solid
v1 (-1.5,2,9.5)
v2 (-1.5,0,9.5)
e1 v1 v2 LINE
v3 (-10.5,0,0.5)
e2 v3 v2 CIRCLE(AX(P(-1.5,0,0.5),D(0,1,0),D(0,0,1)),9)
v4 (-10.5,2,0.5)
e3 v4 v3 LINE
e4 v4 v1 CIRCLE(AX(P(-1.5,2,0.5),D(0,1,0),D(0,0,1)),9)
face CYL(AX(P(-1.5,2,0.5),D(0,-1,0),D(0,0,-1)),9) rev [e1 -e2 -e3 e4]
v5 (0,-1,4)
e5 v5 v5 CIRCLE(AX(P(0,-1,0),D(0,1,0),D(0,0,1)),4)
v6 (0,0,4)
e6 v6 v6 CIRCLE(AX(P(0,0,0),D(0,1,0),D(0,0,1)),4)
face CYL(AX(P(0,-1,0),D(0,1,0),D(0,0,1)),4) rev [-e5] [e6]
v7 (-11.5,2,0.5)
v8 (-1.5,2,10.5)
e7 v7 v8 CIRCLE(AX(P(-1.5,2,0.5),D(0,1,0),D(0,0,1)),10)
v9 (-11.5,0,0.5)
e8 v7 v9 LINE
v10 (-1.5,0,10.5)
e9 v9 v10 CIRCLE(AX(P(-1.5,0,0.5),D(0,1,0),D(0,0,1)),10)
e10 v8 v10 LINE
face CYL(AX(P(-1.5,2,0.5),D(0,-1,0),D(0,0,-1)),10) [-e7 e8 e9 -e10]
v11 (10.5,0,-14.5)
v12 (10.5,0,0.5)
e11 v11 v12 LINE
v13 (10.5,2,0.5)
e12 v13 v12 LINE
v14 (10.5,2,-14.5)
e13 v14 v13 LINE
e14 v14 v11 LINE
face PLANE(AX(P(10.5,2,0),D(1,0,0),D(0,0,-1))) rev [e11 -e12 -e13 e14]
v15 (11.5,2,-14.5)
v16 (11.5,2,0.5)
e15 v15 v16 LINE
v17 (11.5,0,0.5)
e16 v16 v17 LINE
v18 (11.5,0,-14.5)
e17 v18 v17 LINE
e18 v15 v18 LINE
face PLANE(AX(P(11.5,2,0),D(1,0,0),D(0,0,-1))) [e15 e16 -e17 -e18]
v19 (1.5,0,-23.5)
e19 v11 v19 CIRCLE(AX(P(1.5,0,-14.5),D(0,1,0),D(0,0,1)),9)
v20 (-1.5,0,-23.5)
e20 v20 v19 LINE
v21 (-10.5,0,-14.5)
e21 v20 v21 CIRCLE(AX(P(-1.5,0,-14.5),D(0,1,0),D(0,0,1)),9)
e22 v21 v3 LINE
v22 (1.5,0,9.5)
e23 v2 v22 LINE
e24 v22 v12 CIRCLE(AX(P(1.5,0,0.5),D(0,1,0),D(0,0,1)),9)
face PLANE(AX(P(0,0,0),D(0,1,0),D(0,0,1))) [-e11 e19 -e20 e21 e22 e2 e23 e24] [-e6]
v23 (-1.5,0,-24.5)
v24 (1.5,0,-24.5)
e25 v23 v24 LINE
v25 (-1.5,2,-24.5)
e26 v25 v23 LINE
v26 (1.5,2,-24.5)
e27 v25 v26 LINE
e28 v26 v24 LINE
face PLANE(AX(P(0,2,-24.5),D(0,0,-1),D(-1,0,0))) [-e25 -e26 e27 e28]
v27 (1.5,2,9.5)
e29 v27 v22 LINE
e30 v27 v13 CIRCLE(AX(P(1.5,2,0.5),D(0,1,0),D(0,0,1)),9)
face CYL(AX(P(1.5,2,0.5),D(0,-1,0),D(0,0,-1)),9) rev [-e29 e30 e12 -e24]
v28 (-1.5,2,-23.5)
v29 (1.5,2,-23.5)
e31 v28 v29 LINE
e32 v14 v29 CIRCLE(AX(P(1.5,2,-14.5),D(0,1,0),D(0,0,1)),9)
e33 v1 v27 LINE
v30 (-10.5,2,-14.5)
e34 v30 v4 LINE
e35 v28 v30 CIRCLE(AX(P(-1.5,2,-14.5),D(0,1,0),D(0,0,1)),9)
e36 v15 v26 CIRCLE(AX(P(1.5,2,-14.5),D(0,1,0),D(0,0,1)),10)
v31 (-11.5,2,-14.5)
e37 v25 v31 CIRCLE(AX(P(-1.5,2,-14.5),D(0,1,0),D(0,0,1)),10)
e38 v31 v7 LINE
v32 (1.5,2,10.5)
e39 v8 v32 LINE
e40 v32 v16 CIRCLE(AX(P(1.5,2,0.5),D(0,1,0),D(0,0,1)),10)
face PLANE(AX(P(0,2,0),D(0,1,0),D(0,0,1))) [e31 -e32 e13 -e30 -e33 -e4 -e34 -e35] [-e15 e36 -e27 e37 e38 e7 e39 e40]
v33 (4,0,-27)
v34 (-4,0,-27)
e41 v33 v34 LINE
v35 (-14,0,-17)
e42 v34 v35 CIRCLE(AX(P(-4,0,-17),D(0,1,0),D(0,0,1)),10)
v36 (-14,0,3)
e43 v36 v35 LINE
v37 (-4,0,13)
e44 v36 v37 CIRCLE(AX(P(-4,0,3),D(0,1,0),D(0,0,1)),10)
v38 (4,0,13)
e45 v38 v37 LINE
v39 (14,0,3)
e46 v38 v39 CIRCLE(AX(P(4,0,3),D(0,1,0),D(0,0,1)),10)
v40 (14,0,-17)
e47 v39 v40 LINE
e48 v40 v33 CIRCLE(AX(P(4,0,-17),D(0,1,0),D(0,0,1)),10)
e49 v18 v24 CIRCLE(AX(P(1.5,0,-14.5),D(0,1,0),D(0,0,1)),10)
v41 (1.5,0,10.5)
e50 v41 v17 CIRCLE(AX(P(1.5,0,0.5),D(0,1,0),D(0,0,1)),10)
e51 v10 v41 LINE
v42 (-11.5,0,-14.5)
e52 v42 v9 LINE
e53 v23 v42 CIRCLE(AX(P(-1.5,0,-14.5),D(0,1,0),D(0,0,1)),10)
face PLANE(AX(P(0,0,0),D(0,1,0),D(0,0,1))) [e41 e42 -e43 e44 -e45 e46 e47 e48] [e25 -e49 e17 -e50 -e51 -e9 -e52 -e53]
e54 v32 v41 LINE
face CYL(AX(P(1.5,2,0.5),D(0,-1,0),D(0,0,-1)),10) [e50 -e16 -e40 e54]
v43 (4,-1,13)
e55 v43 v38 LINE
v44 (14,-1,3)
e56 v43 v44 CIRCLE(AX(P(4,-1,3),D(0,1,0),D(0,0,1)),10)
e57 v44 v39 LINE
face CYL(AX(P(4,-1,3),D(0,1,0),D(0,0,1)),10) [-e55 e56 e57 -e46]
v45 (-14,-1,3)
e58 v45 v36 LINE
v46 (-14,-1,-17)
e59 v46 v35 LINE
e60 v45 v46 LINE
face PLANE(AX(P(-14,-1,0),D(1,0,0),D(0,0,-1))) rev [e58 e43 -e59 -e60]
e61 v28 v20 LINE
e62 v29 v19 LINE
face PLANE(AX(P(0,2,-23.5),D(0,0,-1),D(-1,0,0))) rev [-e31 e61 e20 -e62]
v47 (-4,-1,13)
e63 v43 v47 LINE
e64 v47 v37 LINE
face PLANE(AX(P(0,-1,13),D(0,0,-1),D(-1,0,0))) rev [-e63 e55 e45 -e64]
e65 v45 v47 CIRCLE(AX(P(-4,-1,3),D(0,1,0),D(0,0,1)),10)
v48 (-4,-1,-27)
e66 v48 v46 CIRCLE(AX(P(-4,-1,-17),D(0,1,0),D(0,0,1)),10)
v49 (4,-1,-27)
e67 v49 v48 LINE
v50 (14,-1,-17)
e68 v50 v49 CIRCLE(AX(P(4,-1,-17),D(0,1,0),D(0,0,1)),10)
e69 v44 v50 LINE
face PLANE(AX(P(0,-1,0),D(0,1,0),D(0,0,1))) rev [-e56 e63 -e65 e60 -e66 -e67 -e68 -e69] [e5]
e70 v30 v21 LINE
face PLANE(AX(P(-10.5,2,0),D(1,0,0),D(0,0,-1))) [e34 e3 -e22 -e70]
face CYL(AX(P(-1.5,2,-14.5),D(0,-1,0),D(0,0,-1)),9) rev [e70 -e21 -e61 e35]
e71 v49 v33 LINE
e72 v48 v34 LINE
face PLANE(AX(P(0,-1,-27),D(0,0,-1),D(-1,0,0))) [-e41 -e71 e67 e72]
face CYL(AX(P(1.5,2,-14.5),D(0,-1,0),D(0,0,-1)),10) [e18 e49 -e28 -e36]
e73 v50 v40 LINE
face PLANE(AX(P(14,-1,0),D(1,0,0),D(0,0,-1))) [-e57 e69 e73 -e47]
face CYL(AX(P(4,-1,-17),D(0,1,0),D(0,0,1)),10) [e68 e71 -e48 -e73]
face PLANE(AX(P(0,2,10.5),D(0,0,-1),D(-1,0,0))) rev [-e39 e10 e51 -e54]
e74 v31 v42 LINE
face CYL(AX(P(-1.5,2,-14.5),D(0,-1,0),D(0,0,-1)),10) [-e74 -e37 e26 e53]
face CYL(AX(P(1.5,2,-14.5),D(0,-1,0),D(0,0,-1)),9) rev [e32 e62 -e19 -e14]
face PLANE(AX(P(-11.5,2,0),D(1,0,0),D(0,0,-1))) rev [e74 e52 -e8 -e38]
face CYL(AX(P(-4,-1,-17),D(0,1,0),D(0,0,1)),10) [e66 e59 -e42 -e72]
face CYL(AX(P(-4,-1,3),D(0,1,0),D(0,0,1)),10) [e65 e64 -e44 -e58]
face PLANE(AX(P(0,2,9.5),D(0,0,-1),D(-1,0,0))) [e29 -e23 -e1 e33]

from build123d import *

# Parameters (mm, degrees)
BOSS_EXTRUDE1_DEPTH     = 2
BOSS_EXTRUDE3_DEPTH     = 1
SKETCH2_R               = 4
CUT_EXTRUDE1_DEPTH      = 3
CUT_EXTRUDE1_DEPTH_BACK = 2


with BuildPart() as part:
    # Sketch1 → Boss-Extrude1 (new body)
    with BuildSketch(Plane(origin=(0, 0, 0), x_dir=(1, 0, 0), z_dir=(0, 1, 0))):
        with BuildLine():
            Line((-11.5, 14.5), (-11.5, -0.5))
            ThreePointArc((-11.5, -0.5), (-8.571067812, -7.571067812), (-1.5, -10.5))
            Line((-1.5, -10.5), (1.5, -10.5))
            ThreePointArc((1.5, -10.5), (8.571067812, -7.571067812), (11.5, -0.5))
            Line((11.5, -0.5), (11.5, 14.5))
            ThreePointArc((11.5, 14.5), (8.571067812, 21.571067812), (1.5, 24.5))
            Line((1.5, 24.5), (-1.5, 24.5))
            ThreePointArc((-1.5, 24.5), (-8.571067812, 21.571067812), (-11.5, 14.5))
        make_face()
        with BuildLine():
            ThreePointArc((-1.5, 23.5), (-7.863961031, 20.863961031), (-10.5, 14.5))
            Line((-10.5, 14.5), (-10.5, -0.5))
            ThreePointArc((-10.5, -0.5), (-7.863961031, -6.863961031), (-1.5, -9.5))
            Line((-1.5, -9.5), (1.5, -9.5))
            ThreePointArc((1.5, -9.5), (7.863961031, -6.863961031), (10.5, -0.5))
            Line((10.5, -0.5), (10.5, 14.5))
            ThreePointArc((10.5, 14.5), (7.863961031, 20.863961031), (1.5, 23.5))
            Line((1.5, 23.5), (-1.5, 23.5))
        make_face(mode=Mode.SUBTRACT)
    extrude(amount=BOSS_EXTRUDE1_DEPTH)

    # Sketch1<4> → Boss-Extrude3 (add)
    with BuildSketch(Plane(origin=(0, 0, 0), x_dir=(1, 0, 0), z_dir=(0, 1, 0))):
        with BuildLine():
            Line((4, 27), (-4, 27))
            ThreePointArc((-4, 27), (-11.071067812, 24.071067812), (-14, 17))
            Line((-14, 17), (-14, -3))
            ThreePointArc((-14, -3), (-11.071067812, -10.071067812), (-4, -13))
            Line((-4, -13), (4, -13))
            ThreePointArc((4, -13), (11.071067812, -10.071067812), (14, -3))
            Line((14, -3), (14, 17))
            ThreePointArc((14, 17), (11.071067812, 24.071067812), (4, 27))
        make_face()
    extrude(amount=-BOSS_EXTRUDE3_DEPTH)

    # Sketch2 → Cut-Extrude1 (cut, two sides)
    with BuildSketch(Plane(origin=(0, 0, 0), x_dir=(1, 0, 0), z_dir=(0, 1, 0))) as cut_extrude1_sk:
        Circle(SKETCH2_R)
    extrude(amount=CUT_EXTRUDE1_DEPTH, mode=Mode.SUBTRACT)
    extrude(cut_extrude1_sk.sketch, amount=-CUT_EXTRUDE1_DEPTH_BACK, mode=Mode.SUBTRACT)


solid = part.part
